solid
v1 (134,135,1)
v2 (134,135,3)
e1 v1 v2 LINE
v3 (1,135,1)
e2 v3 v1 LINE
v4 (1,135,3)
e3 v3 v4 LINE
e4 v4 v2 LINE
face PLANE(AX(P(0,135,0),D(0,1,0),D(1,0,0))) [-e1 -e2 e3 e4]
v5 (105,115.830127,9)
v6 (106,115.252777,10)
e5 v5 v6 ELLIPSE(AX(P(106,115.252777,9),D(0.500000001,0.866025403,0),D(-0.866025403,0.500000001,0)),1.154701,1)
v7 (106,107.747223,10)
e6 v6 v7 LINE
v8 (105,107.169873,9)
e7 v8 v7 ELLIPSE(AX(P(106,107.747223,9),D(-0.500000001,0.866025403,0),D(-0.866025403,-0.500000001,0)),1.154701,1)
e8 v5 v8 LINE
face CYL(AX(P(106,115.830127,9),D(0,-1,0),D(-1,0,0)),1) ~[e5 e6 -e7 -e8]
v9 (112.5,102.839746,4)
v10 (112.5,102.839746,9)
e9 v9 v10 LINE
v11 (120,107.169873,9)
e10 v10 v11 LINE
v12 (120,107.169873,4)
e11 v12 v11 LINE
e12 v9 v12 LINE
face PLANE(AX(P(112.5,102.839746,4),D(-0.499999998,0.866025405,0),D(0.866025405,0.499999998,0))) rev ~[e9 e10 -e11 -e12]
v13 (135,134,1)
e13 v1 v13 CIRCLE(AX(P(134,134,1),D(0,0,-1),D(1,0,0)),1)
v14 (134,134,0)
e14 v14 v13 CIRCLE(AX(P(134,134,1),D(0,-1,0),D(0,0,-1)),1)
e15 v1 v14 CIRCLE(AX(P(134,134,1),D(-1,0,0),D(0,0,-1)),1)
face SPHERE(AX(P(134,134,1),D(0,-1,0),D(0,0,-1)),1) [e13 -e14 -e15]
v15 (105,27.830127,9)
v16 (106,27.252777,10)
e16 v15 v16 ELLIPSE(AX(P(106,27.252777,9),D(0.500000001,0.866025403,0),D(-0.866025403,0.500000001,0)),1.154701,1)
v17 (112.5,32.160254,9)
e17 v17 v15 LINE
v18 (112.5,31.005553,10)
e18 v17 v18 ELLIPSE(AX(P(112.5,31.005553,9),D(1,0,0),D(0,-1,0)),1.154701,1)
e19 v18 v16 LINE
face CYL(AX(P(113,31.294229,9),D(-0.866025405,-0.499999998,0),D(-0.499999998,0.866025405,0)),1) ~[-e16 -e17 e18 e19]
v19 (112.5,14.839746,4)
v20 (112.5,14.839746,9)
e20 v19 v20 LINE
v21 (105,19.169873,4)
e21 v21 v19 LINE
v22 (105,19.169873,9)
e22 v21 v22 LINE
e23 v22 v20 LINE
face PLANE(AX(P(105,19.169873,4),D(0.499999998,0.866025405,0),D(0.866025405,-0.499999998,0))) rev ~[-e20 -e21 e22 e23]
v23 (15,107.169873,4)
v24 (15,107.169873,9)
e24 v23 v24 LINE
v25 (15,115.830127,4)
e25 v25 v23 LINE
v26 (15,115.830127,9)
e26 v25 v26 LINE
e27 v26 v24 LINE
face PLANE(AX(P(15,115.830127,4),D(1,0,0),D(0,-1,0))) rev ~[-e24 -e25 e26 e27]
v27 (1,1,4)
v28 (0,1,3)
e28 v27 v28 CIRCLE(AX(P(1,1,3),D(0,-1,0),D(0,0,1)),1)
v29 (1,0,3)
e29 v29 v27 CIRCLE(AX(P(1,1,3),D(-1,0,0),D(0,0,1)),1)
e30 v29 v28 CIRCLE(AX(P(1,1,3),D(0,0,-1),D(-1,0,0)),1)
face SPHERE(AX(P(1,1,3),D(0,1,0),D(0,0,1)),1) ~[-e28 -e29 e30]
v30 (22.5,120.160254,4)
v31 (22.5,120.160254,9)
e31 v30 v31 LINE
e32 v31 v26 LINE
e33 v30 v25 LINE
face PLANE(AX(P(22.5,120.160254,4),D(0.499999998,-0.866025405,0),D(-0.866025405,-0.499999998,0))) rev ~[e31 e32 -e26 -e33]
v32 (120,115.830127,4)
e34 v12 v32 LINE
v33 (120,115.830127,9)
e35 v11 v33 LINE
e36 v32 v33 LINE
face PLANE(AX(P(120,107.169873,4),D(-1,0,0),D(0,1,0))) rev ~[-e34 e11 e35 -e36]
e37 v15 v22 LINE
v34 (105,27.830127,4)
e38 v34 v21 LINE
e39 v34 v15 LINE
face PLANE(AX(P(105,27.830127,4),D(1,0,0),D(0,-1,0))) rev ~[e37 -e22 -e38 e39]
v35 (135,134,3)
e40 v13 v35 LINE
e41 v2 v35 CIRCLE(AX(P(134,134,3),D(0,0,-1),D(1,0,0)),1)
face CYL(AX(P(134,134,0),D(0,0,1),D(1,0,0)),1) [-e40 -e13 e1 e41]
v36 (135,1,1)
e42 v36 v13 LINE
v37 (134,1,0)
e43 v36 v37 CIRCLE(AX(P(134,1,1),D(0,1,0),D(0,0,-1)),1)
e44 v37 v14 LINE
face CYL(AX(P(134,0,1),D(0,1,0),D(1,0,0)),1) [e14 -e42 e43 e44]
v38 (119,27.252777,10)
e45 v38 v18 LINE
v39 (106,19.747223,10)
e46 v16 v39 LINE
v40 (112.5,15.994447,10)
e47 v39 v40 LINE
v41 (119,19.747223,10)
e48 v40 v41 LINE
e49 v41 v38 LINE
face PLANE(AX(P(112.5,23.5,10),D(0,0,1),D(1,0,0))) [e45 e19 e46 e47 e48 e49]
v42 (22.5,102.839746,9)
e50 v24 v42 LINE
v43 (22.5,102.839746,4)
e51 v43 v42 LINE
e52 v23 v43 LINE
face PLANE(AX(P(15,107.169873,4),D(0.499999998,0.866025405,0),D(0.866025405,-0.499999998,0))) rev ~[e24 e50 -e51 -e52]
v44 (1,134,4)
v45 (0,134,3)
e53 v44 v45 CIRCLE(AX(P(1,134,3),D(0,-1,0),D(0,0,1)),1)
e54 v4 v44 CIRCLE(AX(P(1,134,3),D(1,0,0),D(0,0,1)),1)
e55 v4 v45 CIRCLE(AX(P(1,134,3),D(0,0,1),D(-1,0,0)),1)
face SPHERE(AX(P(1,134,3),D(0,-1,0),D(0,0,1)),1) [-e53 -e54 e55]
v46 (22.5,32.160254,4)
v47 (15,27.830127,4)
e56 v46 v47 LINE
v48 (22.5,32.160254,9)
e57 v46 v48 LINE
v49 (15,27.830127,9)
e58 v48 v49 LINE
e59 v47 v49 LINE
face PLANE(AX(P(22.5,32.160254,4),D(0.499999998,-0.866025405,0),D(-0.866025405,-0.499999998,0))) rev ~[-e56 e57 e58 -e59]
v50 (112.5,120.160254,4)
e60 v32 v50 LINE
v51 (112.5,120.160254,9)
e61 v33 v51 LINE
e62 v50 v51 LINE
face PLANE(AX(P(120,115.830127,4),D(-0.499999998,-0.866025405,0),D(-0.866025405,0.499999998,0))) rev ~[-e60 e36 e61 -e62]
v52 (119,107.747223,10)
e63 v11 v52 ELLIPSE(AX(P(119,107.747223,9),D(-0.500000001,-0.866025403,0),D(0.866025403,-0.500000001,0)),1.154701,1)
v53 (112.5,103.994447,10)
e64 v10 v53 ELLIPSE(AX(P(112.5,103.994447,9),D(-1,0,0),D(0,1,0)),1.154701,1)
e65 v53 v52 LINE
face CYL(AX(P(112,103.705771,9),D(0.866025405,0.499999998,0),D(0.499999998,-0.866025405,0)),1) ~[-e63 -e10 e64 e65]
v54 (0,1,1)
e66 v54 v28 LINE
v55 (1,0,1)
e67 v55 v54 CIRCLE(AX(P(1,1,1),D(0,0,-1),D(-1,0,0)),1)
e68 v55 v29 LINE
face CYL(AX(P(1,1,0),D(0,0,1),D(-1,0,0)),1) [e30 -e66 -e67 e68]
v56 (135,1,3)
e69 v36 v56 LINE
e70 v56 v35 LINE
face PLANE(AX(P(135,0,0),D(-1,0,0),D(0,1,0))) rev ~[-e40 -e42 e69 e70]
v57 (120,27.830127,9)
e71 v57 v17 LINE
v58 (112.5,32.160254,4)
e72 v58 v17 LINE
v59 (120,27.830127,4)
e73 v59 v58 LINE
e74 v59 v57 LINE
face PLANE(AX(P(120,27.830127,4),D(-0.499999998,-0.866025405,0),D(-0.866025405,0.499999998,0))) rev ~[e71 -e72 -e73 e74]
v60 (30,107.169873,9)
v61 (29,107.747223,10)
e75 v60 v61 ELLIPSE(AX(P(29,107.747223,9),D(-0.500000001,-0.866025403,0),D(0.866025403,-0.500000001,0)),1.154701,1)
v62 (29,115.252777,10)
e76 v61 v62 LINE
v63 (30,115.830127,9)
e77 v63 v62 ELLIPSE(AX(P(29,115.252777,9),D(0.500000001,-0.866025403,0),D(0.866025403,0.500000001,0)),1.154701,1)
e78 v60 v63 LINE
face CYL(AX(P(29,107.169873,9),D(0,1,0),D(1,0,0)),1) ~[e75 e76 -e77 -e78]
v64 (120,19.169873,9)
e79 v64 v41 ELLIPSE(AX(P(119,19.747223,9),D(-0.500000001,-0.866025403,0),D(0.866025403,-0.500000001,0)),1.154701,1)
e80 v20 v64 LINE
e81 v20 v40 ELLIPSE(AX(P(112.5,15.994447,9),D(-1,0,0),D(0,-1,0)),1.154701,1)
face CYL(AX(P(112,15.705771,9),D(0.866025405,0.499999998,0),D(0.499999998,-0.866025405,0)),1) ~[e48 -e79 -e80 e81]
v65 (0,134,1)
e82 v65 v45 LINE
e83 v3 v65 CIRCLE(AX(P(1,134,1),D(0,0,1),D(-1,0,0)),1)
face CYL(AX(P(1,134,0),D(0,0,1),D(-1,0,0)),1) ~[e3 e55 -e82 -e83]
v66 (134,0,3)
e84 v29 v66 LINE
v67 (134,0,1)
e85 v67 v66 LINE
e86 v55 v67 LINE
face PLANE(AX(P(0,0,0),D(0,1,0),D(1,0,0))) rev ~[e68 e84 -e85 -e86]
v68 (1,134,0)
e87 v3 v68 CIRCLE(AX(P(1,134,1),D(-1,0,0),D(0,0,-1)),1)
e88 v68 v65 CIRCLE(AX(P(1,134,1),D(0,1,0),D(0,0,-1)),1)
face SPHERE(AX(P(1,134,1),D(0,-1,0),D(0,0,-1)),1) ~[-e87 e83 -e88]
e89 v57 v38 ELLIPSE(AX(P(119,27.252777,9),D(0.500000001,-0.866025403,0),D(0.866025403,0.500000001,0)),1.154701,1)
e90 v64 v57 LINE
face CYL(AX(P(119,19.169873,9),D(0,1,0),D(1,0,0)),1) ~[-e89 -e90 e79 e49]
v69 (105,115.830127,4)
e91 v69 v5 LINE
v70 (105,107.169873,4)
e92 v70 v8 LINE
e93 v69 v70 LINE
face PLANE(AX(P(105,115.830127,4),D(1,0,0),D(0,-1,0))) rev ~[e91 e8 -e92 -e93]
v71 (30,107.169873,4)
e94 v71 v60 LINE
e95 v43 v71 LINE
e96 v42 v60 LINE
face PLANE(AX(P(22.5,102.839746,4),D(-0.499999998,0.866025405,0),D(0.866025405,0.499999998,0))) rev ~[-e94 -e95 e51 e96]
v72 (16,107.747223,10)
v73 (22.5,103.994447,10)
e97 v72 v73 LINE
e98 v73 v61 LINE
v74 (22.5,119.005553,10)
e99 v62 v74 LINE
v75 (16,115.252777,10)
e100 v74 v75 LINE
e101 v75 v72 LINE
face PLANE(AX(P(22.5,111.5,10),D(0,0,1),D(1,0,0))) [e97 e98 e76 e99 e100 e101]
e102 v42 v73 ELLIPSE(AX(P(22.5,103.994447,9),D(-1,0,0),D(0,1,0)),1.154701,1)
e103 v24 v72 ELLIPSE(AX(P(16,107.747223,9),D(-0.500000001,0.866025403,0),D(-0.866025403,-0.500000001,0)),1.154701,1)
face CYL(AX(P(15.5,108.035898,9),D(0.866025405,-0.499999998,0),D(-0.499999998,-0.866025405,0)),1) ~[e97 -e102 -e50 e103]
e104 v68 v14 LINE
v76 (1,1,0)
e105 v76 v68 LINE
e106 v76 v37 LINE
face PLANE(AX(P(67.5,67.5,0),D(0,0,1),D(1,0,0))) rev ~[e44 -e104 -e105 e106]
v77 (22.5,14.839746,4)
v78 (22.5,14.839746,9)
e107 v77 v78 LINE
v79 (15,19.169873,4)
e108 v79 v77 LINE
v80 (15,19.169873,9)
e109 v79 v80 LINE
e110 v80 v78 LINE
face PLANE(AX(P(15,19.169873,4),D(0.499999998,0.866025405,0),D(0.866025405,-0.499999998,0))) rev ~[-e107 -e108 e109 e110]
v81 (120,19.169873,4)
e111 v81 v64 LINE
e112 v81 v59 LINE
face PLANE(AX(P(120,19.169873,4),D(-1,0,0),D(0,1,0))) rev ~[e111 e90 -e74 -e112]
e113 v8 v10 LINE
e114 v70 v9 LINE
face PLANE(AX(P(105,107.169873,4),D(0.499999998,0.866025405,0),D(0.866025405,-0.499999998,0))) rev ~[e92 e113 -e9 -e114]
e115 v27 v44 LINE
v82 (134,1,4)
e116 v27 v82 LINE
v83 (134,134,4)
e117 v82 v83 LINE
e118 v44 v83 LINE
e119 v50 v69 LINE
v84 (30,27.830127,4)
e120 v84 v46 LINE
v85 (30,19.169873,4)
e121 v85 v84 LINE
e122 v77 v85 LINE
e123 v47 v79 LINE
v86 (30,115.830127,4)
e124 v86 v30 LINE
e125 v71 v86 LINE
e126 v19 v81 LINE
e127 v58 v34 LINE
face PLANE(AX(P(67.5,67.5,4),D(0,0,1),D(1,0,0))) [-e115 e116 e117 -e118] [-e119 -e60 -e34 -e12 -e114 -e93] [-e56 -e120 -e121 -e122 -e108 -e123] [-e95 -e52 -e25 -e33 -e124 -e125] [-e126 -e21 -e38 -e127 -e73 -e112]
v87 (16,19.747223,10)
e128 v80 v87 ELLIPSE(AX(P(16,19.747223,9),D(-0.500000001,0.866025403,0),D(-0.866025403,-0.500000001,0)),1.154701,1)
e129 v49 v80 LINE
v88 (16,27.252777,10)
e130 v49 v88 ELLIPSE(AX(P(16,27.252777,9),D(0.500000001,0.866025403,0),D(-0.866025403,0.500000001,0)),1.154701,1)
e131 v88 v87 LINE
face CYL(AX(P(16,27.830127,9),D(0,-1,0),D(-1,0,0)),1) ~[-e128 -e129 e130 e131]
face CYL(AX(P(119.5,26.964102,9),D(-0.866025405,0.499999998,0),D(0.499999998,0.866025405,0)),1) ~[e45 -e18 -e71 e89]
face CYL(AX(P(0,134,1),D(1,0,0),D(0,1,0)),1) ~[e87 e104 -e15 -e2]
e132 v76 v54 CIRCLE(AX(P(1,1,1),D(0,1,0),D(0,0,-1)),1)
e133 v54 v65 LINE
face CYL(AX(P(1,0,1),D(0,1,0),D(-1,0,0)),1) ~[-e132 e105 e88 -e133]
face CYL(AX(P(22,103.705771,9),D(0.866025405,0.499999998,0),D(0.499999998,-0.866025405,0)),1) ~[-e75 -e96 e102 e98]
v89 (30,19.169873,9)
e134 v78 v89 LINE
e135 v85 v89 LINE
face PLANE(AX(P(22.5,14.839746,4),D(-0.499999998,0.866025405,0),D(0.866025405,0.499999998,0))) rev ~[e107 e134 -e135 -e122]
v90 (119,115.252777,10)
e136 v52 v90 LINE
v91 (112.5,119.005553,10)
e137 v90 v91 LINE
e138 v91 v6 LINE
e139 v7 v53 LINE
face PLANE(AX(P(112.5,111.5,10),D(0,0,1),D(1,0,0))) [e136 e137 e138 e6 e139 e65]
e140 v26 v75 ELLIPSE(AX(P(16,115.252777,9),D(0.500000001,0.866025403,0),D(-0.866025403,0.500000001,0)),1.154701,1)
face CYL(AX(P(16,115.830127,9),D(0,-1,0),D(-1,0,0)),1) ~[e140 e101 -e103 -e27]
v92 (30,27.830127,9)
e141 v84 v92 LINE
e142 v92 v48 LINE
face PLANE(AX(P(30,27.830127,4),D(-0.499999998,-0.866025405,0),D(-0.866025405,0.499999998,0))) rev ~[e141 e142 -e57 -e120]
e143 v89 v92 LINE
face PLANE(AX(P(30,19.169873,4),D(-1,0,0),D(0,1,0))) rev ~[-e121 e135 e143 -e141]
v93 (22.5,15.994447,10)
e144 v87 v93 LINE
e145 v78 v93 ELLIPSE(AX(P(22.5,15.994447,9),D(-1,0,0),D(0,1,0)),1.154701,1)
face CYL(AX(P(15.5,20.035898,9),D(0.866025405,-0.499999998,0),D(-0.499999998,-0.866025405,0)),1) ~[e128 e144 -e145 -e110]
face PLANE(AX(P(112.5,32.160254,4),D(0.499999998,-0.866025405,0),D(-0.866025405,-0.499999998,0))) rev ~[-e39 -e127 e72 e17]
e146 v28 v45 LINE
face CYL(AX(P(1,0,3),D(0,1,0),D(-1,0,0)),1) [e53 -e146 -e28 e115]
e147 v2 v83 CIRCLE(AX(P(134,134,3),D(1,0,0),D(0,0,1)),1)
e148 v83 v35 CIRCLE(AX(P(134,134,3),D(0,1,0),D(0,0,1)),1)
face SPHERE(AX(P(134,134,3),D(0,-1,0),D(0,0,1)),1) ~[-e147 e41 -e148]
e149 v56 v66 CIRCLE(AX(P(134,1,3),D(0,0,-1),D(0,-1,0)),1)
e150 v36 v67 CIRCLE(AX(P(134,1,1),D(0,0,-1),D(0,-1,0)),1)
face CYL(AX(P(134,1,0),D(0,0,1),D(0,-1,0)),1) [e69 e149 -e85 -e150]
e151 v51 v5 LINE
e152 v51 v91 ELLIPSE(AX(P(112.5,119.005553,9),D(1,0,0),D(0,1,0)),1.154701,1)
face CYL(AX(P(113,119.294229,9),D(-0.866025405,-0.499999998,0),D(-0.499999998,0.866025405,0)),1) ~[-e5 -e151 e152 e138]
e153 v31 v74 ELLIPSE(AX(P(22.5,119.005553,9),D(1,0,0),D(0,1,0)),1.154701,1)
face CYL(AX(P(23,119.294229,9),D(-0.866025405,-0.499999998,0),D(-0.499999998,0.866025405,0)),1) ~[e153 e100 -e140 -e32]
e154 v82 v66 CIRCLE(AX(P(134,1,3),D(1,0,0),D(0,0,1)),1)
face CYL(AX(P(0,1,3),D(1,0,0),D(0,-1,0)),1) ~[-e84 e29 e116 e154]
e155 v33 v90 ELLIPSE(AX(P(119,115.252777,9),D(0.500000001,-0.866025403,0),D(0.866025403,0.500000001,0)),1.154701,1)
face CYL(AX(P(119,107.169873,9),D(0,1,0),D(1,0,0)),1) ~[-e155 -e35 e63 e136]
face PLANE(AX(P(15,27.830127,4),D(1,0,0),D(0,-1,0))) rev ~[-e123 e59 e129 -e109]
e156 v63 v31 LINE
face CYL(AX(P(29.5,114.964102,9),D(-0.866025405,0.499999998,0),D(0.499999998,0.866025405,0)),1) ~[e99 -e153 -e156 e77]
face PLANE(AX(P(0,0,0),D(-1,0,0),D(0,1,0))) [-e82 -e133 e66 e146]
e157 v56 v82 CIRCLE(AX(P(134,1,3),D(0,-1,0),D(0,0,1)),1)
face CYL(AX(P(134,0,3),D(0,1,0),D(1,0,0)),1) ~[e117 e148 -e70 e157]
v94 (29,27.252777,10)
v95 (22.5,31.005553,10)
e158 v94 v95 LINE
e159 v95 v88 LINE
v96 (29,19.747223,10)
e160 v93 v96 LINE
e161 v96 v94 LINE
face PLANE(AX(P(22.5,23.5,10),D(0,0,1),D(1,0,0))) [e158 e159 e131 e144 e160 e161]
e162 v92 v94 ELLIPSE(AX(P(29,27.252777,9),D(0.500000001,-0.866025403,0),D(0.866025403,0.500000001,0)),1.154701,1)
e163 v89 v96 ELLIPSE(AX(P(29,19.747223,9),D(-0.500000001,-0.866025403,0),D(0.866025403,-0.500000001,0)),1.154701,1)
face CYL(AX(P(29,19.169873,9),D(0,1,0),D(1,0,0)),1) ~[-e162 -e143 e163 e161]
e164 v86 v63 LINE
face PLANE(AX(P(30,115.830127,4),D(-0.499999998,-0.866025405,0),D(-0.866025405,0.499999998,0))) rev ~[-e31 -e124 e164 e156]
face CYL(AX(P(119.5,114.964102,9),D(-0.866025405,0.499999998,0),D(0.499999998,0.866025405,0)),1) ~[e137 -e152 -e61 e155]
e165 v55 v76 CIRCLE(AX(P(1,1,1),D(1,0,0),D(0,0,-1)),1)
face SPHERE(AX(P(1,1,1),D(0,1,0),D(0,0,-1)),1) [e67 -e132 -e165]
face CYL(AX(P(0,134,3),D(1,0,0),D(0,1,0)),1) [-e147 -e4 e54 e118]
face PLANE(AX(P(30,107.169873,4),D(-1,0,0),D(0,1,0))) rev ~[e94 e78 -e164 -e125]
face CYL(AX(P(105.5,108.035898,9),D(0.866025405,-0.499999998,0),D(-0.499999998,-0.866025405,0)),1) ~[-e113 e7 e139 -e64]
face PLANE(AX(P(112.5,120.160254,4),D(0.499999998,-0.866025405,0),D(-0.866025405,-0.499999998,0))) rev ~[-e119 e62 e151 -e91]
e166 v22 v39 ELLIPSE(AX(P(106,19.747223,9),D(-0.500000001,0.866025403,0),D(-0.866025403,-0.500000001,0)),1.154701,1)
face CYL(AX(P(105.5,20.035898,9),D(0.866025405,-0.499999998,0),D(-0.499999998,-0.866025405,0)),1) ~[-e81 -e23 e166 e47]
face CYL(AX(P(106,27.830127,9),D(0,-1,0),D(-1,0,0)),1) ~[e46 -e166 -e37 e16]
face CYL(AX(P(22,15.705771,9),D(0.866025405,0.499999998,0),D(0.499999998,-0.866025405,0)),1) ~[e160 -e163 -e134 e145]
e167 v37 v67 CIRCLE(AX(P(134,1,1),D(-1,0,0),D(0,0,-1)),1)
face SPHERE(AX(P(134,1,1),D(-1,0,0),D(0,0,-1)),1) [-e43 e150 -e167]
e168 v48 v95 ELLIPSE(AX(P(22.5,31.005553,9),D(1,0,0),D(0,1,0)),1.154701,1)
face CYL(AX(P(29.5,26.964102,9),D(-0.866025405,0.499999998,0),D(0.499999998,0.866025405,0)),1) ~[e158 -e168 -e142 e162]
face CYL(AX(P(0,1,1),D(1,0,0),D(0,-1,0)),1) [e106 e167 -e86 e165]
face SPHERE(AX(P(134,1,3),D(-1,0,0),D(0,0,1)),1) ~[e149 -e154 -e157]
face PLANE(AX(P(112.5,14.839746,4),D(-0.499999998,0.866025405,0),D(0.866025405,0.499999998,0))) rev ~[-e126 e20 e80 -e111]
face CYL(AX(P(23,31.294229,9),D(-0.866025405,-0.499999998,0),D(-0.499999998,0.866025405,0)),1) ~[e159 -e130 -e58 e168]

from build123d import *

# Parameters (mm, degrees)
F0_W     = 135
F0_H     = 135
F1_DEPTH = 4
F2_R     = 1
F4_DEPTH = 6
F5_R     = 1


with BuildPart() as f1:
    # F0 (on Top) → F1 (new body)
    with BuildSketch(Plane.XY):
        with Locations((67.5, 67.5)):
            Rectangle(F0_W, F0_H)
    extrude(amount=F1_DEPTH)

    # F2
    f2_edges = [f1.edges().sort_by_distance(p)[0] for p in [
        (0, 67.5, 4),
        (67.5, 0, 4),
        (135, 67.5, 4),
        (67.5, 135, 4),
        (0, 67.5, 0),
        (67.5, 0, 0),
        (135, 67.5, 0),
        (67.5, 135, 0),
        (135, 0, 2),
        (0, 0, 2),
        (135, 135, 2),
        (0, 135, 2),
    ]]
    fillet(f2_edges, radius=F2_R)

    # F3 (on face) → F4 (join)
    with BuildSketch(Plane.XY.offset(4)):
        Polygon((22.5, 102.839746), (30, 107.169873), (30, 115.830127), (22.5, 120.160254), (15, 115.830127), (15, 107.169873), align=None)
        Polygon((120, 115.830127), (112.5, 120.160254), (105, 115.830127), (105, 107.169873), (112.5, 102.839746), (120, 107.169873), align=None)
        Polygon((30, 19.169873), (30, 27.830127), (22.5, 32.160254), (15, 27.830127), (15, 19.169873), (22.5, 14.839746), align=None)
        Polygon((105, 19.169873), (112.5, 14.839746), (120, 19.169873), (120, 27.830127), (112.5, 32.160254), (105, 27.830127), align=None)
    extrude(amount=F4_DEPTH)

    # F5
    f5_edges = [f1.edges().sort_by_distance(p)[0] for p in [
        (26.25, 105.004809, 10),
        (30, 111.5, 10),
        (26.25, 117.995191, 10),
        (18.75, 117.995191, 10),
        (15, 111.5, 10),
        (18.75, 105.004809, 10),
        (116.25, 105.004809, 10),
        (120, 111.5, 10),
        (116.25, 117.995191, 10),
        (108.75, 117.995191, 10),
        (105, 111.5, 10),
        (108.75, 105.004809, 10),
        (108.75, 29.995191, 10),
        (105, 23.5, 10),
        (108.75, 17.004809, 10),
        (116.25, 17.004809, 10),
        (120, 23.5, 10),
        (116.25, 29.995191, 10),
        (26.25, 17.004809, 10),
        (30, 23.5, 10),
        (26.25, 29.995191, 10),
        (18.75, 29.995191, 10),
        (15, 23.5, 10),
        (18.75, 17.004809, 10),
    ]]
    fillet(f5_edges, radius=F5_R)


solid = f1.part
